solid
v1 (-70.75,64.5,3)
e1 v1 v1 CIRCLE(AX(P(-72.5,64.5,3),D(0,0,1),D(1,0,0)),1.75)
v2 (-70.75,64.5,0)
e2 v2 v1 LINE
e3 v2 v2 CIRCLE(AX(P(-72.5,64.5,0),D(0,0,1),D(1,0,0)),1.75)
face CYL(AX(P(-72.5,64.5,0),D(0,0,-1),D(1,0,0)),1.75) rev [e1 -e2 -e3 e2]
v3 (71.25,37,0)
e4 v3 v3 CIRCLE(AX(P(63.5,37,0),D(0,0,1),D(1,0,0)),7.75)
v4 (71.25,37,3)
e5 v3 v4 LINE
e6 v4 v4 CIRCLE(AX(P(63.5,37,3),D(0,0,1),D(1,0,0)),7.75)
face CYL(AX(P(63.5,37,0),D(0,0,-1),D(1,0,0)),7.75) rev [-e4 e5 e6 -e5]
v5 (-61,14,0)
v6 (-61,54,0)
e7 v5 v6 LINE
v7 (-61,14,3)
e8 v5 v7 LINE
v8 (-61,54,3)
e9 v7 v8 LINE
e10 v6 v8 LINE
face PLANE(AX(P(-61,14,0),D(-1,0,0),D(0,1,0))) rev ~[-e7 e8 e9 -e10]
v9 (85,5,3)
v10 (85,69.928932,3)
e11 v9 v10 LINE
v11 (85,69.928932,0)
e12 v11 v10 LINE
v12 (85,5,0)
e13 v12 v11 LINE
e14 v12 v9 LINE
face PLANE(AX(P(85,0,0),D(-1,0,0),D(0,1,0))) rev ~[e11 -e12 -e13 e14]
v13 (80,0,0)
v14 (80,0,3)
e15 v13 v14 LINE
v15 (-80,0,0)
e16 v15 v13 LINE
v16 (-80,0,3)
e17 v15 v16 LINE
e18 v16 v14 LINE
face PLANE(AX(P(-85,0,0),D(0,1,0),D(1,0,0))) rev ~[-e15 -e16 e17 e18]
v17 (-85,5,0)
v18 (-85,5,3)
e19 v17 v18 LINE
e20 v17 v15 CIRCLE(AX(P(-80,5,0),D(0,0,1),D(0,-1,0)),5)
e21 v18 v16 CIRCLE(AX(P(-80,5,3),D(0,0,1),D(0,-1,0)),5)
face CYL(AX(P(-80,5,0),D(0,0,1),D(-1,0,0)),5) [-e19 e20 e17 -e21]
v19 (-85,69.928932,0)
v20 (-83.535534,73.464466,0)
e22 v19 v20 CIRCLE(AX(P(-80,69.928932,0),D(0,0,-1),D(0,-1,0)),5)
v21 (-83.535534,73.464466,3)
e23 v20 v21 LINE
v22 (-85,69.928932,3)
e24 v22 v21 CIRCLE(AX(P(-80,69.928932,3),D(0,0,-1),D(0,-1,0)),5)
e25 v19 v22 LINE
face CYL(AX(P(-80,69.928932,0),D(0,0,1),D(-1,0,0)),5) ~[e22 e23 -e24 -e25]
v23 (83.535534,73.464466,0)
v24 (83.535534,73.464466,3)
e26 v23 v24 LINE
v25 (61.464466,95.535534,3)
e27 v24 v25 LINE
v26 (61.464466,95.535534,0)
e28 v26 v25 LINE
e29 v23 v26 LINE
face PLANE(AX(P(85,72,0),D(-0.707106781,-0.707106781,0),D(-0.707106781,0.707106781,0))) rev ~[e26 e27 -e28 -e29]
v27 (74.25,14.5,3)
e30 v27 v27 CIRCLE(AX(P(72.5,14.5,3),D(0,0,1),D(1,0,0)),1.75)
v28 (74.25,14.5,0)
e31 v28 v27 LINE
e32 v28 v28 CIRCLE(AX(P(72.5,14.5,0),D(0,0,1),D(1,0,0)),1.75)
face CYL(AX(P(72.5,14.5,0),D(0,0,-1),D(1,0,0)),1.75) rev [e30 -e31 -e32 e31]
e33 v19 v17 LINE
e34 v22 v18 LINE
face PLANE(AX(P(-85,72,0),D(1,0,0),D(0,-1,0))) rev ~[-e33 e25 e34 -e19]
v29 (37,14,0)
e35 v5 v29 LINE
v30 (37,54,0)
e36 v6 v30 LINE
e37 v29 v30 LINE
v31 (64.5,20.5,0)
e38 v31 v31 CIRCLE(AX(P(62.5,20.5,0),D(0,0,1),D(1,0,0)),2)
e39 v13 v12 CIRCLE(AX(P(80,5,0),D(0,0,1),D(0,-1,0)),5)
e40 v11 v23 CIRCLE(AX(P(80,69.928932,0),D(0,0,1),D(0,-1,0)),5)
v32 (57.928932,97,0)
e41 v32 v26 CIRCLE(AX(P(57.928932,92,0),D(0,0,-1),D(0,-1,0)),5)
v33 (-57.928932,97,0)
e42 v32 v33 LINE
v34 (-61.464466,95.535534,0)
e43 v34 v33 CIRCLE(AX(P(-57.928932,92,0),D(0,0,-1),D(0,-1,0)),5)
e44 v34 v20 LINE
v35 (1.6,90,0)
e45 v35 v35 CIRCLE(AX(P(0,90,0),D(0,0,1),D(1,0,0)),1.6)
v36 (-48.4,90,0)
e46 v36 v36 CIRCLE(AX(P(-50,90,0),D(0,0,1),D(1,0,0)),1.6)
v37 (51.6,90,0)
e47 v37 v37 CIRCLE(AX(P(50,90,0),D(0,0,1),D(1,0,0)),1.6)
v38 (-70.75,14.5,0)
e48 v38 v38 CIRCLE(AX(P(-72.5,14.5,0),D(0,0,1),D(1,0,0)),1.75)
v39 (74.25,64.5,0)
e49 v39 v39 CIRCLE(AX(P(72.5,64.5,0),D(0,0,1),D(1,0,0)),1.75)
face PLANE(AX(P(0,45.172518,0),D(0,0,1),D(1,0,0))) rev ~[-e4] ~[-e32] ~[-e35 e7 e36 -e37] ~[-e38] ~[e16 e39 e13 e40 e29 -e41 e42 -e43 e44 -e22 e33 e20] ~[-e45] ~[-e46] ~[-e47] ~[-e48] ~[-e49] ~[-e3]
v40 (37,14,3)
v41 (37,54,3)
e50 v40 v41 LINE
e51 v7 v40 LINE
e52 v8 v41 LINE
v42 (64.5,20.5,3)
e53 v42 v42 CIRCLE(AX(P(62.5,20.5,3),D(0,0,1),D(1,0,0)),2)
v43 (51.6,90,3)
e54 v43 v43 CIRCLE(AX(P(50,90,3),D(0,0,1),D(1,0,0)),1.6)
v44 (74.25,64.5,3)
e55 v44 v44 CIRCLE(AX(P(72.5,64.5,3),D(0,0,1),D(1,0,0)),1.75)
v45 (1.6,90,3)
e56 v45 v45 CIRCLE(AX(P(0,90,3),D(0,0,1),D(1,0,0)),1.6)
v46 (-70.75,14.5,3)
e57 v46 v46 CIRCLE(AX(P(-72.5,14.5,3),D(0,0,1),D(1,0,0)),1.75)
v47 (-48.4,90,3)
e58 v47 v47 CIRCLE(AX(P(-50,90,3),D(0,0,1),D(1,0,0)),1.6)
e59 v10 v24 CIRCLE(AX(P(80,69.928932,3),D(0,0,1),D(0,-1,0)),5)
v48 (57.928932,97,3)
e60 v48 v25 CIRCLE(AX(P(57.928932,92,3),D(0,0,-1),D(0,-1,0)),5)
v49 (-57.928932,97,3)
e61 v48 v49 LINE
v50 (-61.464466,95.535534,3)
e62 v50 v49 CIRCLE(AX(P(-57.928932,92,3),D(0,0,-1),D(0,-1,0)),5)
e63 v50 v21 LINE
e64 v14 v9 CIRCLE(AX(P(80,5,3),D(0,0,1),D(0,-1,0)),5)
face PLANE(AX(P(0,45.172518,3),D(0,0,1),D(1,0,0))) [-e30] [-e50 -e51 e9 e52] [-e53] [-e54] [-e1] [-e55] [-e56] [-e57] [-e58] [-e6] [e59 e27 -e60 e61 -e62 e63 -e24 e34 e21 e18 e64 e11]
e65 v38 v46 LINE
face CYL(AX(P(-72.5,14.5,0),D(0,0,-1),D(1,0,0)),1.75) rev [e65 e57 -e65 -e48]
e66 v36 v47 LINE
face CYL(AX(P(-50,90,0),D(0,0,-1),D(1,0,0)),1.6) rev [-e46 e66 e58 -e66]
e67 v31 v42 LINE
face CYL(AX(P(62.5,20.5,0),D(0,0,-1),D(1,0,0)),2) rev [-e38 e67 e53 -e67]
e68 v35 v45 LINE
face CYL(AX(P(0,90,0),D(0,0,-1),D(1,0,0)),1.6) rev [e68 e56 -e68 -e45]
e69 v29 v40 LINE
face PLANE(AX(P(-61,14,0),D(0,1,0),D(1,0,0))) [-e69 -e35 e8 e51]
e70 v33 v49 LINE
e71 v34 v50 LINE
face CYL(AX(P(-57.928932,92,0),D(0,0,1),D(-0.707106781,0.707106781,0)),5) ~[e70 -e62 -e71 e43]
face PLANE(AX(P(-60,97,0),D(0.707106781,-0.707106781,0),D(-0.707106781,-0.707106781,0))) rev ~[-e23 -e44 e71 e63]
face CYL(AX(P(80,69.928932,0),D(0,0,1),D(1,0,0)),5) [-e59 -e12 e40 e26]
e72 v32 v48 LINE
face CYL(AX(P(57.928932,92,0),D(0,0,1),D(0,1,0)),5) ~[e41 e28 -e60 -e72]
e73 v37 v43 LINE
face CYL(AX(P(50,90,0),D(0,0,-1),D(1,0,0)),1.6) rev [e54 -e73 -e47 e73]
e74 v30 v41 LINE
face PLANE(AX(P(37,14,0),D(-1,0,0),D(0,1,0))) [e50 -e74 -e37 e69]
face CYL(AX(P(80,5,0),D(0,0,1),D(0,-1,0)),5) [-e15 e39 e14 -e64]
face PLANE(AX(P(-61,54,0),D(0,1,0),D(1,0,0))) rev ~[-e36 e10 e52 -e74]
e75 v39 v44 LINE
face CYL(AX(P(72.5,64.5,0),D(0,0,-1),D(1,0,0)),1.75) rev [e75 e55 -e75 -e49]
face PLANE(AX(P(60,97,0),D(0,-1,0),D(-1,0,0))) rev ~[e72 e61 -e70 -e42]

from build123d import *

# Parameters (mm, degrees)
F0_W     = 150
F0_H     = 55
F0_R     = 1.6
F0_R_2   = 1.75
F0_R_3   = 2
F0_W_2   = 98
F0_H_2   = 40
F0_R_4   = 7.75
F1_DEPTH = 3
F2_R     = 5


with BuildPart() as f1:
    # F0 (on Top) → F1 (new body)
    with BuildSketch(Plane.XY):
        Polygon((-85, 72), (-85, 0), (85, 0), (85, 72), (60, 97), (-60, 97), align=None)
        with Locations((0, 39.5)):
            Rectangle(F0_W, F0_H, mode=Mode.SUBTRACT)
        with Locations((-50, 90)):
            Circle(F0_R, mode=Mode.SUBTRACT)
        with Locations((0, 90)):
            Circle(F0_R, mode=Mode.SUBTRACT)
        with Locations((50, 90)):
            Circle(F0_R, mode=Mode.SUBTRACT)
        with Locations((0, 39.5)):
            Rectangle(F0_W, F0_H)
        with Locations((-72.5, 14.5)):
            Circle(F0_R_2, mode=Mode.SUBTRACT)
        with Locations((62.5, 20.5)):
            Circle(F0_R_3, mode=Mode.SUBTRACT)
        with Locations((-12, 34)):
            Rectangle(F0_W_2, F0_H_2, mode=Mode.SUBTRACT)
        with Locations((63.5, 37)):
            Circle(F0_R_4, mode=Mode.SUBTRACT)
        with Locations((72.5, 14.5)):
            Circle(F0_R_2, mode=Mode.SUBTRACT)
        with Locations((-72.5, 64.5)):
            Circle(F0_R_2, mode=Mode.SUBTRACT)
        with Locations((72.5, 64.5)):
            Circle(F0_R_2, mode=Mode.SUBTRACT)
    extrude(amount=F1_DEPTH)

    # F2
    f2_edges = [f1.edges().sort_by_distance(p)[0] for p in [
        (85, 0, 1.5),
        (85, 72, 1.5),
        (-85, 0, 1.5),
        (-85, 72, 1.5),
        (-60, 97, 1.5),
        (60, 97, 1.5),
    ]]
    fillet(f2_edges, radius=F2_R)


solid = f1.part
